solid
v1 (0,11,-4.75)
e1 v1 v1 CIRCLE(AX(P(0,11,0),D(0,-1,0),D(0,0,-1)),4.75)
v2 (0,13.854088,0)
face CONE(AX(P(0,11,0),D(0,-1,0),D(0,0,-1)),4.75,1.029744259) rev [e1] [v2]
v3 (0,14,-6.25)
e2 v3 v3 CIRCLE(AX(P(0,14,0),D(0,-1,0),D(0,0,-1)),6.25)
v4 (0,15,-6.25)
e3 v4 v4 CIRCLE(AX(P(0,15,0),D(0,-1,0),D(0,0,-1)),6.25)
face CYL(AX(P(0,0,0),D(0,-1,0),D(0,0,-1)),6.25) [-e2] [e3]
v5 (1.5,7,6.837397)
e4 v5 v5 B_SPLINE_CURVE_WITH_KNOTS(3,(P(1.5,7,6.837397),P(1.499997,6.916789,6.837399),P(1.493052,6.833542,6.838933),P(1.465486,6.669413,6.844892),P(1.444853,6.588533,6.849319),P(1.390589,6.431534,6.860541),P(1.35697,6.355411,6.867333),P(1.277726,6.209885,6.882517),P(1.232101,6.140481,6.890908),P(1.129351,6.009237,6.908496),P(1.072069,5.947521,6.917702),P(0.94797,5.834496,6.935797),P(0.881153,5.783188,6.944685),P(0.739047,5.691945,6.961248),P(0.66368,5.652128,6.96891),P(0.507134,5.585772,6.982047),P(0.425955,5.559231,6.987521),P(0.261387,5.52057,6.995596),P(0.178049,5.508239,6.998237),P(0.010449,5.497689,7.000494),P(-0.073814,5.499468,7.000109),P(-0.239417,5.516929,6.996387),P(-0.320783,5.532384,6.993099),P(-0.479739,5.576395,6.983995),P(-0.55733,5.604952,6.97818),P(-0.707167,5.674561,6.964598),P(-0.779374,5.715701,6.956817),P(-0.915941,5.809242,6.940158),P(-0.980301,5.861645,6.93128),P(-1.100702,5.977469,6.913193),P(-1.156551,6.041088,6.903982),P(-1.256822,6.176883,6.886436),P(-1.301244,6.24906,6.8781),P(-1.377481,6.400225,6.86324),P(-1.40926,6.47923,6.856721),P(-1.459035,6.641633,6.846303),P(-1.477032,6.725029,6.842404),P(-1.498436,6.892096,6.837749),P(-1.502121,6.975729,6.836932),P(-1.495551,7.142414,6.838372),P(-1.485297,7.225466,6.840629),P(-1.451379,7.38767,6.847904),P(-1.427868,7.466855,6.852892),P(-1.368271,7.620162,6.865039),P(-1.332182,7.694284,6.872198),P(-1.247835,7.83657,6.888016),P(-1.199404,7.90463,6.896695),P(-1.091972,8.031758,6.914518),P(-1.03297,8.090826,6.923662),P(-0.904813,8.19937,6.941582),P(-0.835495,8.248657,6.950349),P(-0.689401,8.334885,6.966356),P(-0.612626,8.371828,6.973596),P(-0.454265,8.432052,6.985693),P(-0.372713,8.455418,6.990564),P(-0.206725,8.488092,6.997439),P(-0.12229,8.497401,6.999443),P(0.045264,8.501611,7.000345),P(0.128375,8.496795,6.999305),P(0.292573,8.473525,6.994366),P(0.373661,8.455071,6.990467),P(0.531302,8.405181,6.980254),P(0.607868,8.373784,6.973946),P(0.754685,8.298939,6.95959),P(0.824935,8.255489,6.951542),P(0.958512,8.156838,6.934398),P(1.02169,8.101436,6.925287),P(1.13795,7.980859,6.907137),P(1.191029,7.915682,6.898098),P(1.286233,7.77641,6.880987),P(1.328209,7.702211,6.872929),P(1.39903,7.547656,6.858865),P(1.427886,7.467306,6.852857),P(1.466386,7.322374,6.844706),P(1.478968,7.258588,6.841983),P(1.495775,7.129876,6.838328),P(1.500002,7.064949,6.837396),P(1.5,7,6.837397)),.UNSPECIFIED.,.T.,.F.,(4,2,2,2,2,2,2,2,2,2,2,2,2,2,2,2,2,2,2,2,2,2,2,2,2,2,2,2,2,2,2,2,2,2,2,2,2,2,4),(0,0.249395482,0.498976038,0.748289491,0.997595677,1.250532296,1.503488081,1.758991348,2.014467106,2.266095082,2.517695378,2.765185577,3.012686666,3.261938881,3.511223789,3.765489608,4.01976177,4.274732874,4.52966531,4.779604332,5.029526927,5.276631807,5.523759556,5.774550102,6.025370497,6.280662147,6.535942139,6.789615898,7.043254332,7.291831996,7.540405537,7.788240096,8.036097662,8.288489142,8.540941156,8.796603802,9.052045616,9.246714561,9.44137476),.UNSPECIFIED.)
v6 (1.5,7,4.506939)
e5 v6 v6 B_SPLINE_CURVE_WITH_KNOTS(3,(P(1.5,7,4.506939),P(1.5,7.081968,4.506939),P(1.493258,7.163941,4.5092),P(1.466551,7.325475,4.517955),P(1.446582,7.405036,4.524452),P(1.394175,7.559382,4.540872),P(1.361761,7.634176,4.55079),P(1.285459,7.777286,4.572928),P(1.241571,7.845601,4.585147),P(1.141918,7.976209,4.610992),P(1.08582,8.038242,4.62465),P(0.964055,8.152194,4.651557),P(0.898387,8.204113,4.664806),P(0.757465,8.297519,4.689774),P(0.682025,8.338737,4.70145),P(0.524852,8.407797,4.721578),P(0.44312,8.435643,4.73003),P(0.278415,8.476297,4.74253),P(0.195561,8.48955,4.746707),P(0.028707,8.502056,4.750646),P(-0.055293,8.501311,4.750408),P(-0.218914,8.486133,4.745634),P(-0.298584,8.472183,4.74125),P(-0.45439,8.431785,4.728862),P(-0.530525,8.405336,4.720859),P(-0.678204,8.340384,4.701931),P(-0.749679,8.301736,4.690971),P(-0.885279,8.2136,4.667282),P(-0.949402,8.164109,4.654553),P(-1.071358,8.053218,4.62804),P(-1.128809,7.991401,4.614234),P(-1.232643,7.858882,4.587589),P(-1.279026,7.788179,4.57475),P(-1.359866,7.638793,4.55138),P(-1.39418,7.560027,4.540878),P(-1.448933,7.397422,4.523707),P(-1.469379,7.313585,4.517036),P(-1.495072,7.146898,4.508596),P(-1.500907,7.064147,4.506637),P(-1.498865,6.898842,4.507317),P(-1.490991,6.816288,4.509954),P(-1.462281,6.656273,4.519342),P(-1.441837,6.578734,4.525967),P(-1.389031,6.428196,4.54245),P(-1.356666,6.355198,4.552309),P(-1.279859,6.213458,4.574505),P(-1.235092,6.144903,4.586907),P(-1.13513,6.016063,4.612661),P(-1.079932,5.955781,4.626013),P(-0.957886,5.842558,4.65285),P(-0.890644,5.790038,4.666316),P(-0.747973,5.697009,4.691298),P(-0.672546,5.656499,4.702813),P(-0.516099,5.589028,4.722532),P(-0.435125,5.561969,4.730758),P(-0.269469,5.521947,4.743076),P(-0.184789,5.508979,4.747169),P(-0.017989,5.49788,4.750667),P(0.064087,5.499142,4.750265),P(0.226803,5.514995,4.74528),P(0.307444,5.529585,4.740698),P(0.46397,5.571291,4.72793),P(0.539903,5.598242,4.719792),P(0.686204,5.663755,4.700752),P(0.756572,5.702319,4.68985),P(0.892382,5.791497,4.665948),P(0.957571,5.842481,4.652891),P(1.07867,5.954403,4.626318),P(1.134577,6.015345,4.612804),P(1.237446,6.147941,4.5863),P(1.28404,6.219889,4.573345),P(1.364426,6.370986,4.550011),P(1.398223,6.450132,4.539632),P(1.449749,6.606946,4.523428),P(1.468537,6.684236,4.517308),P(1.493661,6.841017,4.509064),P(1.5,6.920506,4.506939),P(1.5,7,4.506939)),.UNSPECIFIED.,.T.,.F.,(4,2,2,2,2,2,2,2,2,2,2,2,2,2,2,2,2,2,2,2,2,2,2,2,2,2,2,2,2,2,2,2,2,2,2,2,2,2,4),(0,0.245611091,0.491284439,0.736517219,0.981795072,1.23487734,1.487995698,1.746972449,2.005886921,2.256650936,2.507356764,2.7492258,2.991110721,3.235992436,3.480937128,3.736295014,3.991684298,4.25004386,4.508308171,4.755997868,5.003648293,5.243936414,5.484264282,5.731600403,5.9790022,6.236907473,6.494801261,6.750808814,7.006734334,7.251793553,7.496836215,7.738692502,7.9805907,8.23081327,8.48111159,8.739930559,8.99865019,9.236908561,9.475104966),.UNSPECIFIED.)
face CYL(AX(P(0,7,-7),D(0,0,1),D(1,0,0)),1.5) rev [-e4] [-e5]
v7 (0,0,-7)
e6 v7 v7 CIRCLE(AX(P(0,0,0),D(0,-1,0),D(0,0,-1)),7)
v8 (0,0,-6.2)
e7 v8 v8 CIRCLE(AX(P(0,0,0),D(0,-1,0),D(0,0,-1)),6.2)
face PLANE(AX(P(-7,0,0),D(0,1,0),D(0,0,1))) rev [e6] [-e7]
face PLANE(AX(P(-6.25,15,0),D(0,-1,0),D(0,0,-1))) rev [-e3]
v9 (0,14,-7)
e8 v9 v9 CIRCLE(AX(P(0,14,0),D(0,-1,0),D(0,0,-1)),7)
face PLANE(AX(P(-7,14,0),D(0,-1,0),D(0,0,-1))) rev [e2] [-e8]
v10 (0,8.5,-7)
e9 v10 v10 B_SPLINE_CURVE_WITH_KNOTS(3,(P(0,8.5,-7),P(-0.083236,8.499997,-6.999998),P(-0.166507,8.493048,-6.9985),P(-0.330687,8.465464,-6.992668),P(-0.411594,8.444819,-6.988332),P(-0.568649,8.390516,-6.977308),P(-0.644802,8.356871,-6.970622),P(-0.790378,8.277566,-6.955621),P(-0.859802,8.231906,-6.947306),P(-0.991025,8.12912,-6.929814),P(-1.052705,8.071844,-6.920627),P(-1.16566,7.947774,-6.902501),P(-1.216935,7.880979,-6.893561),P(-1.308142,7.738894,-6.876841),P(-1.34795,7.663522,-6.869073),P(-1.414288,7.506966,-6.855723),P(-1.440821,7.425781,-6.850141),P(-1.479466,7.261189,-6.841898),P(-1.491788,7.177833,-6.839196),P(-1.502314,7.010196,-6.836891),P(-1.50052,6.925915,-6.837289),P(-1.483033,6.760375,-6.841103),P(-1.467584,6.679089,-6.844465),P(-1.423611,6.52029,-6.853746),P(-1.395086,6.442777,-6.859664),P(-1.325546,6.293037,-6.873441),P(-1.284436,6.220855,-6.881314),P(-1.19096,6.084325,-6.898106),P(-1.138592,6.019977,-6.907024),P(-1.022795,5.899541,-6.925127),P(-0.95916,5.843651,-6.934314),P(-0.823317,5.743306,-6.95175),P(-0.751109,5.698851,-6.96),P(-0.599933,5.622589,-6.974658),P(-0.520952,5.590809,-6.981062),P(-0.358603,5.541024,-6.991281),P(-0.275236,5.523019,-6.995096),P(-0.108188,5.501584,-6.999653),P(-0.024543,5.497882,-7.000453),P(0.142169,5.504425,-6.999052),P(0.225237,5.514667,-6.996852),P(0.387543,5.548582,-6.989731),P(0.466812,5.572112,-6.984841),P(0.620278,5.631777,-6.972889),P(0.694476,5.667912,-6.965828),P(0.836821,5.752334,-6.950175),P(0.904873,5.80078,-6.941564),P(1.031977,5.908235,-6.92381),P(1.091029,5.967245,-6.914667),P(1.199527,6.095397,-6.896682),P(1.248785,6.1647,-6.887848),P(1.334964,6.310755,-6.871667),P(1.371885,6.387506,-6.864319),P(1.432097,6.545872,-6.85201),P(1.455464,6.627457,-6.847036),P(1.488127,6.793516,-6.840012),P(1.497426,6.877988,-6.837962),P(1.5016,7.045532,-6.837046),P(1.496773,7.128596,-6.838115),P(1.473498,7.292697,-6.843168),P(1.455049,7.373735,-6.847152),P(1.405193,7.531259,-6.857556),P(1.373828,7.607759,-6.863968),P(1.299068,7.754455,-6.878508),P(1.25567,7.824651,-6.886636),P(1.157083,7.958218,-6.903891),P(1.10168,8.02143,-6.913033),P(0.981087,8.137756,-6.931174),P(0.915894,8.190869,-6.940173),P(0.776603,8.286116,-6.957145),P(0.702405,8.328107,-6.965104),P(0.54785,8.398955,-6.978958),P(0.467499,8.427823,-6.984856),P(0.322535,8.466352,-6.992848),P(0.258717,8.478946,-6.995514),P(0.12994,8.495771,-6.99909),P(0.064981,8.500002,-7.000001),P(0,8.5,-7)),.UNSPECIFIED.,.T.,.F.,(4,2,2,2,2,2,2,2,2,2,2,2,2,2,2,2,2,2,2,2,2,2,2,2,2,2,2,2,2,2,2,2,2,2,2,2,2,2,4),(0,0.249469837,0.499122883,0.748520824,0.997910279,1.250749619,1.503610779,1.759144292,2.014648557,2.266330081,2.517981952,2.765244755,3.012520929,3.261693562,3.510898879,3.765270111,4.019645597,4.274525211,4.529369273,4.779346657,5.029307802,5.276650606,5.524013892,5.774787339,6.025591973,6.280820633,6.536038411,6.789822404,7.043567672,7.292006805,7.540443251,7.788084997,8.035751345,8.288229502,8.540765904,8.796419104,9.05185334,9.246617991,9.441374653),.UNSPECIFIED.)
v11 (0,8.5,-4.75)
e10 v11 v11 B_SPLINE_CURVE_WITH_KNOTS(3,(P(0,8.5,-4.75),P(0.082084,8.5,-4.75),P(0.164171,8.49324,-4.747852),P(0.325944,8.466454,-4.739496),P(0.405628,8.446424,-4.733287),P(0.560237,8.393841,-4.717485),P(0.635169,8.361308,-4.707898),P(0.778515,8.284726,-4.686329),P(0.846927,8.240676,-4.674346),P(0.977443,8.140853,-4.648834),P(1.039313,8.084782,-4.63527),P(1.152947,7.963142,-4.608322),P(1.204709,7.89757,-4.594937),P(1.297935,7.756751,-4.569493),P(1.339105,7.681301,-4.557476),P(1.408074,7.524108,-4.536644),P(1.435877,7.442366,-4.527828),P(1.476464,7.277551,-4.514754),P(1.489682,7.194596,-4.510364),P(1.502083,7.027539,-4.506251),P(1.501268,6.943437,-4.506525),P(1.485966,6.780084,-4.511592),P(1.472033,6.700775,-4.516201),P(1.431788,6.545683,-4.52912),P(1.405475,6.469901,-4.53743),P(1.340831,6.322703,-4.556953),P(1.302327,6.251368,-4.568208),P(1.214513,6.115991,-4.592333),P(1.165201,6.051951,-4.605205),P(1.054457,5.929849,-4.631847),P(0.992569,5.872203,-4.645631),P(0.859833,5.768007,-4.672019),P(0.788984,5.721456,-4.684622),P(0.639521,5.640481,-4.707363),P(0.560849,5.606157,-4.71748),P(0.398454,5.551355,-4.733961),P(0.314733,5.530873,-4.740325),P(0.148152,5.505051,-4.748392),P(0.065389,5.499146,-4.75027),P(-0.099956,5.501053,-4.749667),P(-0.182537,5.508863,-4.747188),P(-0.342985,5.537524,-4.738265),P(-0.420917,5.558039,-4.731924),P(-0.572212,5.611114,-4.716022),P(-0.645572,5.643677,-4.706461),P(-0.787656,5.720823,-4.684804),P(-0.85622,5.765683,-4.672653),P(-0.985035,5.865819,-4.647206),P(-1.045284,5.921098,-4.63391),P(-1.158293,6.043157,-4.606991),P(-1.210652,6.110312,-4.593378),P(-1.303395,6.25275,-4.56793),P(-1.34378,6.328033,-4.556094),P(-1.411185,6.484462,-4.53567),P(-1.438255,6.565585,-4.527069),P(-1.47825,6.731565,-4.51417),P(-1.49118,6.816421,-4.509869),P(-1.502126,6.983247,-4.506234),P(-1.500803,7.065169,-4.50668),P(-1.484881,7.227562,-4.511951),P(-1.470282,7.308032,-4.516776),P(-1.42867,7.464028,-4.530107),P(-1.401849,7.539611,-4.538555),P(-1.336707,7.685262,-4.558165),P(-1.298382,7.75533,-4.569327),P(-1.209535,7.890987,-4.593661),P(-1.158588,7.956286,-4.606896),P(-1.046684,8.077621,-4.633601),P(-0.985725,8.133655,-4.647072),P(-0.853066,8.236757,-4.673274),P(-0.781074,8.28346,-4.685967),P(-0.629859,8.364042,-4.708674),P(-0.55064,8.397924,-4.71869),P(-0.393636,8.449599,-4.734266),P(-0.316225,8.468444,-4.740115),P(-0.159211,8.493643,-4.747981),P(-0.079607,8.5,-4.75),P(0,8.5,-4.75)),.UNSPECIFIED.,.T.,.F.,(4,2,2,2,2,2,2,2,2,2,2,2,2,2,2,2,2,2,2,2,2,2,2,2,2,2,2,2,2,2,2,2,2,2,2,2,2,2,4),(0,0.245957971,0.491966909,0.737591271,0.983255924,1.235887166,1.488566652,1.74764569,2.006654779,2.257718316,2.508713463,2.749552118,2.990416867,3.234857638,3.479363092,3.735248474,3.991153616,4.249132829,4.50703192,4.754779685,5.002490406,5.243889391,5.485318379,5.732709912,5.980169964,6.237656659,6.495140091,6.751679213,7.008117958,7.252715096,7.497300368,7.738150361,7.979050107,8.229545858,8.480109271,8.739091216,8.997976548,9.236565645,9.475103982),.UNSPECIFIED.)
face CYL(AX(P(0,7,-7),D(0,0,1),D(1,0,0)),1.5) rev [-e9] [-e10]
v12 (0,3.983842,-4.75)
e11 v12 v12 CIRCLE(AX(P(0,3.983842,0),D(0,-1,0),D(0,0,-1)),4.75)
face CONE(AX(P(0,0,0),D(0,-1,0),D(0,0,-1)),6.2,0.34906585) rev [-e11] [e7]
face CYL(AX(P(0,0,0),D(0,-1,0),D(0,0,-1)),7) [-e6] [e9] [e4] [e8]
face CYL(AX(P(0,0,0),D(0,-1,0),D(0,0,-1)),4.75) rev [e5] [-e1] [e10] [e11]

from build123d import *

# Parameters (mm, degrees)
SKETCH_2_R               = 1.5
CUT_EXTRUDE_1_DEPTH      = 8
CUT_EXTRUDE_1_DEPTH_BACK = 8


with BuildPart() as part:
    # Эскиз1 → Повернуть1 (revolve)
    with BuildSketch(Plane.XY):
        Polygon((-4.75, 3.983842258), (-4.75, 11), (0, 13.85408794), (0, 15), (-6.25, 15), (-6.25, 14), (-7, 14), (-7, 0), (-6.2, 0), align=None)
    revolve(axis=Axis((0, 0, 0), (0, 1, 0)))

    # Эскиз2 → Вырез-Вытянуть1 (cut, two sides)
    with BuildSketch(Plane.XY) as cut_extrude_1_sk:
        with Locations((0, 7)):
            Circle(SKETCH_2_R)
    extrude(amount=CUT_EXTRUDE_1_DEPTH, mode=Mode.SUBTRACT)
    extrude(cut_extrude_1_sk.sketch, amount=-CUT_EXTRUDE_1_DEPTH_BACK, mode=Mode.SUBTRACT)


solid = part.part
